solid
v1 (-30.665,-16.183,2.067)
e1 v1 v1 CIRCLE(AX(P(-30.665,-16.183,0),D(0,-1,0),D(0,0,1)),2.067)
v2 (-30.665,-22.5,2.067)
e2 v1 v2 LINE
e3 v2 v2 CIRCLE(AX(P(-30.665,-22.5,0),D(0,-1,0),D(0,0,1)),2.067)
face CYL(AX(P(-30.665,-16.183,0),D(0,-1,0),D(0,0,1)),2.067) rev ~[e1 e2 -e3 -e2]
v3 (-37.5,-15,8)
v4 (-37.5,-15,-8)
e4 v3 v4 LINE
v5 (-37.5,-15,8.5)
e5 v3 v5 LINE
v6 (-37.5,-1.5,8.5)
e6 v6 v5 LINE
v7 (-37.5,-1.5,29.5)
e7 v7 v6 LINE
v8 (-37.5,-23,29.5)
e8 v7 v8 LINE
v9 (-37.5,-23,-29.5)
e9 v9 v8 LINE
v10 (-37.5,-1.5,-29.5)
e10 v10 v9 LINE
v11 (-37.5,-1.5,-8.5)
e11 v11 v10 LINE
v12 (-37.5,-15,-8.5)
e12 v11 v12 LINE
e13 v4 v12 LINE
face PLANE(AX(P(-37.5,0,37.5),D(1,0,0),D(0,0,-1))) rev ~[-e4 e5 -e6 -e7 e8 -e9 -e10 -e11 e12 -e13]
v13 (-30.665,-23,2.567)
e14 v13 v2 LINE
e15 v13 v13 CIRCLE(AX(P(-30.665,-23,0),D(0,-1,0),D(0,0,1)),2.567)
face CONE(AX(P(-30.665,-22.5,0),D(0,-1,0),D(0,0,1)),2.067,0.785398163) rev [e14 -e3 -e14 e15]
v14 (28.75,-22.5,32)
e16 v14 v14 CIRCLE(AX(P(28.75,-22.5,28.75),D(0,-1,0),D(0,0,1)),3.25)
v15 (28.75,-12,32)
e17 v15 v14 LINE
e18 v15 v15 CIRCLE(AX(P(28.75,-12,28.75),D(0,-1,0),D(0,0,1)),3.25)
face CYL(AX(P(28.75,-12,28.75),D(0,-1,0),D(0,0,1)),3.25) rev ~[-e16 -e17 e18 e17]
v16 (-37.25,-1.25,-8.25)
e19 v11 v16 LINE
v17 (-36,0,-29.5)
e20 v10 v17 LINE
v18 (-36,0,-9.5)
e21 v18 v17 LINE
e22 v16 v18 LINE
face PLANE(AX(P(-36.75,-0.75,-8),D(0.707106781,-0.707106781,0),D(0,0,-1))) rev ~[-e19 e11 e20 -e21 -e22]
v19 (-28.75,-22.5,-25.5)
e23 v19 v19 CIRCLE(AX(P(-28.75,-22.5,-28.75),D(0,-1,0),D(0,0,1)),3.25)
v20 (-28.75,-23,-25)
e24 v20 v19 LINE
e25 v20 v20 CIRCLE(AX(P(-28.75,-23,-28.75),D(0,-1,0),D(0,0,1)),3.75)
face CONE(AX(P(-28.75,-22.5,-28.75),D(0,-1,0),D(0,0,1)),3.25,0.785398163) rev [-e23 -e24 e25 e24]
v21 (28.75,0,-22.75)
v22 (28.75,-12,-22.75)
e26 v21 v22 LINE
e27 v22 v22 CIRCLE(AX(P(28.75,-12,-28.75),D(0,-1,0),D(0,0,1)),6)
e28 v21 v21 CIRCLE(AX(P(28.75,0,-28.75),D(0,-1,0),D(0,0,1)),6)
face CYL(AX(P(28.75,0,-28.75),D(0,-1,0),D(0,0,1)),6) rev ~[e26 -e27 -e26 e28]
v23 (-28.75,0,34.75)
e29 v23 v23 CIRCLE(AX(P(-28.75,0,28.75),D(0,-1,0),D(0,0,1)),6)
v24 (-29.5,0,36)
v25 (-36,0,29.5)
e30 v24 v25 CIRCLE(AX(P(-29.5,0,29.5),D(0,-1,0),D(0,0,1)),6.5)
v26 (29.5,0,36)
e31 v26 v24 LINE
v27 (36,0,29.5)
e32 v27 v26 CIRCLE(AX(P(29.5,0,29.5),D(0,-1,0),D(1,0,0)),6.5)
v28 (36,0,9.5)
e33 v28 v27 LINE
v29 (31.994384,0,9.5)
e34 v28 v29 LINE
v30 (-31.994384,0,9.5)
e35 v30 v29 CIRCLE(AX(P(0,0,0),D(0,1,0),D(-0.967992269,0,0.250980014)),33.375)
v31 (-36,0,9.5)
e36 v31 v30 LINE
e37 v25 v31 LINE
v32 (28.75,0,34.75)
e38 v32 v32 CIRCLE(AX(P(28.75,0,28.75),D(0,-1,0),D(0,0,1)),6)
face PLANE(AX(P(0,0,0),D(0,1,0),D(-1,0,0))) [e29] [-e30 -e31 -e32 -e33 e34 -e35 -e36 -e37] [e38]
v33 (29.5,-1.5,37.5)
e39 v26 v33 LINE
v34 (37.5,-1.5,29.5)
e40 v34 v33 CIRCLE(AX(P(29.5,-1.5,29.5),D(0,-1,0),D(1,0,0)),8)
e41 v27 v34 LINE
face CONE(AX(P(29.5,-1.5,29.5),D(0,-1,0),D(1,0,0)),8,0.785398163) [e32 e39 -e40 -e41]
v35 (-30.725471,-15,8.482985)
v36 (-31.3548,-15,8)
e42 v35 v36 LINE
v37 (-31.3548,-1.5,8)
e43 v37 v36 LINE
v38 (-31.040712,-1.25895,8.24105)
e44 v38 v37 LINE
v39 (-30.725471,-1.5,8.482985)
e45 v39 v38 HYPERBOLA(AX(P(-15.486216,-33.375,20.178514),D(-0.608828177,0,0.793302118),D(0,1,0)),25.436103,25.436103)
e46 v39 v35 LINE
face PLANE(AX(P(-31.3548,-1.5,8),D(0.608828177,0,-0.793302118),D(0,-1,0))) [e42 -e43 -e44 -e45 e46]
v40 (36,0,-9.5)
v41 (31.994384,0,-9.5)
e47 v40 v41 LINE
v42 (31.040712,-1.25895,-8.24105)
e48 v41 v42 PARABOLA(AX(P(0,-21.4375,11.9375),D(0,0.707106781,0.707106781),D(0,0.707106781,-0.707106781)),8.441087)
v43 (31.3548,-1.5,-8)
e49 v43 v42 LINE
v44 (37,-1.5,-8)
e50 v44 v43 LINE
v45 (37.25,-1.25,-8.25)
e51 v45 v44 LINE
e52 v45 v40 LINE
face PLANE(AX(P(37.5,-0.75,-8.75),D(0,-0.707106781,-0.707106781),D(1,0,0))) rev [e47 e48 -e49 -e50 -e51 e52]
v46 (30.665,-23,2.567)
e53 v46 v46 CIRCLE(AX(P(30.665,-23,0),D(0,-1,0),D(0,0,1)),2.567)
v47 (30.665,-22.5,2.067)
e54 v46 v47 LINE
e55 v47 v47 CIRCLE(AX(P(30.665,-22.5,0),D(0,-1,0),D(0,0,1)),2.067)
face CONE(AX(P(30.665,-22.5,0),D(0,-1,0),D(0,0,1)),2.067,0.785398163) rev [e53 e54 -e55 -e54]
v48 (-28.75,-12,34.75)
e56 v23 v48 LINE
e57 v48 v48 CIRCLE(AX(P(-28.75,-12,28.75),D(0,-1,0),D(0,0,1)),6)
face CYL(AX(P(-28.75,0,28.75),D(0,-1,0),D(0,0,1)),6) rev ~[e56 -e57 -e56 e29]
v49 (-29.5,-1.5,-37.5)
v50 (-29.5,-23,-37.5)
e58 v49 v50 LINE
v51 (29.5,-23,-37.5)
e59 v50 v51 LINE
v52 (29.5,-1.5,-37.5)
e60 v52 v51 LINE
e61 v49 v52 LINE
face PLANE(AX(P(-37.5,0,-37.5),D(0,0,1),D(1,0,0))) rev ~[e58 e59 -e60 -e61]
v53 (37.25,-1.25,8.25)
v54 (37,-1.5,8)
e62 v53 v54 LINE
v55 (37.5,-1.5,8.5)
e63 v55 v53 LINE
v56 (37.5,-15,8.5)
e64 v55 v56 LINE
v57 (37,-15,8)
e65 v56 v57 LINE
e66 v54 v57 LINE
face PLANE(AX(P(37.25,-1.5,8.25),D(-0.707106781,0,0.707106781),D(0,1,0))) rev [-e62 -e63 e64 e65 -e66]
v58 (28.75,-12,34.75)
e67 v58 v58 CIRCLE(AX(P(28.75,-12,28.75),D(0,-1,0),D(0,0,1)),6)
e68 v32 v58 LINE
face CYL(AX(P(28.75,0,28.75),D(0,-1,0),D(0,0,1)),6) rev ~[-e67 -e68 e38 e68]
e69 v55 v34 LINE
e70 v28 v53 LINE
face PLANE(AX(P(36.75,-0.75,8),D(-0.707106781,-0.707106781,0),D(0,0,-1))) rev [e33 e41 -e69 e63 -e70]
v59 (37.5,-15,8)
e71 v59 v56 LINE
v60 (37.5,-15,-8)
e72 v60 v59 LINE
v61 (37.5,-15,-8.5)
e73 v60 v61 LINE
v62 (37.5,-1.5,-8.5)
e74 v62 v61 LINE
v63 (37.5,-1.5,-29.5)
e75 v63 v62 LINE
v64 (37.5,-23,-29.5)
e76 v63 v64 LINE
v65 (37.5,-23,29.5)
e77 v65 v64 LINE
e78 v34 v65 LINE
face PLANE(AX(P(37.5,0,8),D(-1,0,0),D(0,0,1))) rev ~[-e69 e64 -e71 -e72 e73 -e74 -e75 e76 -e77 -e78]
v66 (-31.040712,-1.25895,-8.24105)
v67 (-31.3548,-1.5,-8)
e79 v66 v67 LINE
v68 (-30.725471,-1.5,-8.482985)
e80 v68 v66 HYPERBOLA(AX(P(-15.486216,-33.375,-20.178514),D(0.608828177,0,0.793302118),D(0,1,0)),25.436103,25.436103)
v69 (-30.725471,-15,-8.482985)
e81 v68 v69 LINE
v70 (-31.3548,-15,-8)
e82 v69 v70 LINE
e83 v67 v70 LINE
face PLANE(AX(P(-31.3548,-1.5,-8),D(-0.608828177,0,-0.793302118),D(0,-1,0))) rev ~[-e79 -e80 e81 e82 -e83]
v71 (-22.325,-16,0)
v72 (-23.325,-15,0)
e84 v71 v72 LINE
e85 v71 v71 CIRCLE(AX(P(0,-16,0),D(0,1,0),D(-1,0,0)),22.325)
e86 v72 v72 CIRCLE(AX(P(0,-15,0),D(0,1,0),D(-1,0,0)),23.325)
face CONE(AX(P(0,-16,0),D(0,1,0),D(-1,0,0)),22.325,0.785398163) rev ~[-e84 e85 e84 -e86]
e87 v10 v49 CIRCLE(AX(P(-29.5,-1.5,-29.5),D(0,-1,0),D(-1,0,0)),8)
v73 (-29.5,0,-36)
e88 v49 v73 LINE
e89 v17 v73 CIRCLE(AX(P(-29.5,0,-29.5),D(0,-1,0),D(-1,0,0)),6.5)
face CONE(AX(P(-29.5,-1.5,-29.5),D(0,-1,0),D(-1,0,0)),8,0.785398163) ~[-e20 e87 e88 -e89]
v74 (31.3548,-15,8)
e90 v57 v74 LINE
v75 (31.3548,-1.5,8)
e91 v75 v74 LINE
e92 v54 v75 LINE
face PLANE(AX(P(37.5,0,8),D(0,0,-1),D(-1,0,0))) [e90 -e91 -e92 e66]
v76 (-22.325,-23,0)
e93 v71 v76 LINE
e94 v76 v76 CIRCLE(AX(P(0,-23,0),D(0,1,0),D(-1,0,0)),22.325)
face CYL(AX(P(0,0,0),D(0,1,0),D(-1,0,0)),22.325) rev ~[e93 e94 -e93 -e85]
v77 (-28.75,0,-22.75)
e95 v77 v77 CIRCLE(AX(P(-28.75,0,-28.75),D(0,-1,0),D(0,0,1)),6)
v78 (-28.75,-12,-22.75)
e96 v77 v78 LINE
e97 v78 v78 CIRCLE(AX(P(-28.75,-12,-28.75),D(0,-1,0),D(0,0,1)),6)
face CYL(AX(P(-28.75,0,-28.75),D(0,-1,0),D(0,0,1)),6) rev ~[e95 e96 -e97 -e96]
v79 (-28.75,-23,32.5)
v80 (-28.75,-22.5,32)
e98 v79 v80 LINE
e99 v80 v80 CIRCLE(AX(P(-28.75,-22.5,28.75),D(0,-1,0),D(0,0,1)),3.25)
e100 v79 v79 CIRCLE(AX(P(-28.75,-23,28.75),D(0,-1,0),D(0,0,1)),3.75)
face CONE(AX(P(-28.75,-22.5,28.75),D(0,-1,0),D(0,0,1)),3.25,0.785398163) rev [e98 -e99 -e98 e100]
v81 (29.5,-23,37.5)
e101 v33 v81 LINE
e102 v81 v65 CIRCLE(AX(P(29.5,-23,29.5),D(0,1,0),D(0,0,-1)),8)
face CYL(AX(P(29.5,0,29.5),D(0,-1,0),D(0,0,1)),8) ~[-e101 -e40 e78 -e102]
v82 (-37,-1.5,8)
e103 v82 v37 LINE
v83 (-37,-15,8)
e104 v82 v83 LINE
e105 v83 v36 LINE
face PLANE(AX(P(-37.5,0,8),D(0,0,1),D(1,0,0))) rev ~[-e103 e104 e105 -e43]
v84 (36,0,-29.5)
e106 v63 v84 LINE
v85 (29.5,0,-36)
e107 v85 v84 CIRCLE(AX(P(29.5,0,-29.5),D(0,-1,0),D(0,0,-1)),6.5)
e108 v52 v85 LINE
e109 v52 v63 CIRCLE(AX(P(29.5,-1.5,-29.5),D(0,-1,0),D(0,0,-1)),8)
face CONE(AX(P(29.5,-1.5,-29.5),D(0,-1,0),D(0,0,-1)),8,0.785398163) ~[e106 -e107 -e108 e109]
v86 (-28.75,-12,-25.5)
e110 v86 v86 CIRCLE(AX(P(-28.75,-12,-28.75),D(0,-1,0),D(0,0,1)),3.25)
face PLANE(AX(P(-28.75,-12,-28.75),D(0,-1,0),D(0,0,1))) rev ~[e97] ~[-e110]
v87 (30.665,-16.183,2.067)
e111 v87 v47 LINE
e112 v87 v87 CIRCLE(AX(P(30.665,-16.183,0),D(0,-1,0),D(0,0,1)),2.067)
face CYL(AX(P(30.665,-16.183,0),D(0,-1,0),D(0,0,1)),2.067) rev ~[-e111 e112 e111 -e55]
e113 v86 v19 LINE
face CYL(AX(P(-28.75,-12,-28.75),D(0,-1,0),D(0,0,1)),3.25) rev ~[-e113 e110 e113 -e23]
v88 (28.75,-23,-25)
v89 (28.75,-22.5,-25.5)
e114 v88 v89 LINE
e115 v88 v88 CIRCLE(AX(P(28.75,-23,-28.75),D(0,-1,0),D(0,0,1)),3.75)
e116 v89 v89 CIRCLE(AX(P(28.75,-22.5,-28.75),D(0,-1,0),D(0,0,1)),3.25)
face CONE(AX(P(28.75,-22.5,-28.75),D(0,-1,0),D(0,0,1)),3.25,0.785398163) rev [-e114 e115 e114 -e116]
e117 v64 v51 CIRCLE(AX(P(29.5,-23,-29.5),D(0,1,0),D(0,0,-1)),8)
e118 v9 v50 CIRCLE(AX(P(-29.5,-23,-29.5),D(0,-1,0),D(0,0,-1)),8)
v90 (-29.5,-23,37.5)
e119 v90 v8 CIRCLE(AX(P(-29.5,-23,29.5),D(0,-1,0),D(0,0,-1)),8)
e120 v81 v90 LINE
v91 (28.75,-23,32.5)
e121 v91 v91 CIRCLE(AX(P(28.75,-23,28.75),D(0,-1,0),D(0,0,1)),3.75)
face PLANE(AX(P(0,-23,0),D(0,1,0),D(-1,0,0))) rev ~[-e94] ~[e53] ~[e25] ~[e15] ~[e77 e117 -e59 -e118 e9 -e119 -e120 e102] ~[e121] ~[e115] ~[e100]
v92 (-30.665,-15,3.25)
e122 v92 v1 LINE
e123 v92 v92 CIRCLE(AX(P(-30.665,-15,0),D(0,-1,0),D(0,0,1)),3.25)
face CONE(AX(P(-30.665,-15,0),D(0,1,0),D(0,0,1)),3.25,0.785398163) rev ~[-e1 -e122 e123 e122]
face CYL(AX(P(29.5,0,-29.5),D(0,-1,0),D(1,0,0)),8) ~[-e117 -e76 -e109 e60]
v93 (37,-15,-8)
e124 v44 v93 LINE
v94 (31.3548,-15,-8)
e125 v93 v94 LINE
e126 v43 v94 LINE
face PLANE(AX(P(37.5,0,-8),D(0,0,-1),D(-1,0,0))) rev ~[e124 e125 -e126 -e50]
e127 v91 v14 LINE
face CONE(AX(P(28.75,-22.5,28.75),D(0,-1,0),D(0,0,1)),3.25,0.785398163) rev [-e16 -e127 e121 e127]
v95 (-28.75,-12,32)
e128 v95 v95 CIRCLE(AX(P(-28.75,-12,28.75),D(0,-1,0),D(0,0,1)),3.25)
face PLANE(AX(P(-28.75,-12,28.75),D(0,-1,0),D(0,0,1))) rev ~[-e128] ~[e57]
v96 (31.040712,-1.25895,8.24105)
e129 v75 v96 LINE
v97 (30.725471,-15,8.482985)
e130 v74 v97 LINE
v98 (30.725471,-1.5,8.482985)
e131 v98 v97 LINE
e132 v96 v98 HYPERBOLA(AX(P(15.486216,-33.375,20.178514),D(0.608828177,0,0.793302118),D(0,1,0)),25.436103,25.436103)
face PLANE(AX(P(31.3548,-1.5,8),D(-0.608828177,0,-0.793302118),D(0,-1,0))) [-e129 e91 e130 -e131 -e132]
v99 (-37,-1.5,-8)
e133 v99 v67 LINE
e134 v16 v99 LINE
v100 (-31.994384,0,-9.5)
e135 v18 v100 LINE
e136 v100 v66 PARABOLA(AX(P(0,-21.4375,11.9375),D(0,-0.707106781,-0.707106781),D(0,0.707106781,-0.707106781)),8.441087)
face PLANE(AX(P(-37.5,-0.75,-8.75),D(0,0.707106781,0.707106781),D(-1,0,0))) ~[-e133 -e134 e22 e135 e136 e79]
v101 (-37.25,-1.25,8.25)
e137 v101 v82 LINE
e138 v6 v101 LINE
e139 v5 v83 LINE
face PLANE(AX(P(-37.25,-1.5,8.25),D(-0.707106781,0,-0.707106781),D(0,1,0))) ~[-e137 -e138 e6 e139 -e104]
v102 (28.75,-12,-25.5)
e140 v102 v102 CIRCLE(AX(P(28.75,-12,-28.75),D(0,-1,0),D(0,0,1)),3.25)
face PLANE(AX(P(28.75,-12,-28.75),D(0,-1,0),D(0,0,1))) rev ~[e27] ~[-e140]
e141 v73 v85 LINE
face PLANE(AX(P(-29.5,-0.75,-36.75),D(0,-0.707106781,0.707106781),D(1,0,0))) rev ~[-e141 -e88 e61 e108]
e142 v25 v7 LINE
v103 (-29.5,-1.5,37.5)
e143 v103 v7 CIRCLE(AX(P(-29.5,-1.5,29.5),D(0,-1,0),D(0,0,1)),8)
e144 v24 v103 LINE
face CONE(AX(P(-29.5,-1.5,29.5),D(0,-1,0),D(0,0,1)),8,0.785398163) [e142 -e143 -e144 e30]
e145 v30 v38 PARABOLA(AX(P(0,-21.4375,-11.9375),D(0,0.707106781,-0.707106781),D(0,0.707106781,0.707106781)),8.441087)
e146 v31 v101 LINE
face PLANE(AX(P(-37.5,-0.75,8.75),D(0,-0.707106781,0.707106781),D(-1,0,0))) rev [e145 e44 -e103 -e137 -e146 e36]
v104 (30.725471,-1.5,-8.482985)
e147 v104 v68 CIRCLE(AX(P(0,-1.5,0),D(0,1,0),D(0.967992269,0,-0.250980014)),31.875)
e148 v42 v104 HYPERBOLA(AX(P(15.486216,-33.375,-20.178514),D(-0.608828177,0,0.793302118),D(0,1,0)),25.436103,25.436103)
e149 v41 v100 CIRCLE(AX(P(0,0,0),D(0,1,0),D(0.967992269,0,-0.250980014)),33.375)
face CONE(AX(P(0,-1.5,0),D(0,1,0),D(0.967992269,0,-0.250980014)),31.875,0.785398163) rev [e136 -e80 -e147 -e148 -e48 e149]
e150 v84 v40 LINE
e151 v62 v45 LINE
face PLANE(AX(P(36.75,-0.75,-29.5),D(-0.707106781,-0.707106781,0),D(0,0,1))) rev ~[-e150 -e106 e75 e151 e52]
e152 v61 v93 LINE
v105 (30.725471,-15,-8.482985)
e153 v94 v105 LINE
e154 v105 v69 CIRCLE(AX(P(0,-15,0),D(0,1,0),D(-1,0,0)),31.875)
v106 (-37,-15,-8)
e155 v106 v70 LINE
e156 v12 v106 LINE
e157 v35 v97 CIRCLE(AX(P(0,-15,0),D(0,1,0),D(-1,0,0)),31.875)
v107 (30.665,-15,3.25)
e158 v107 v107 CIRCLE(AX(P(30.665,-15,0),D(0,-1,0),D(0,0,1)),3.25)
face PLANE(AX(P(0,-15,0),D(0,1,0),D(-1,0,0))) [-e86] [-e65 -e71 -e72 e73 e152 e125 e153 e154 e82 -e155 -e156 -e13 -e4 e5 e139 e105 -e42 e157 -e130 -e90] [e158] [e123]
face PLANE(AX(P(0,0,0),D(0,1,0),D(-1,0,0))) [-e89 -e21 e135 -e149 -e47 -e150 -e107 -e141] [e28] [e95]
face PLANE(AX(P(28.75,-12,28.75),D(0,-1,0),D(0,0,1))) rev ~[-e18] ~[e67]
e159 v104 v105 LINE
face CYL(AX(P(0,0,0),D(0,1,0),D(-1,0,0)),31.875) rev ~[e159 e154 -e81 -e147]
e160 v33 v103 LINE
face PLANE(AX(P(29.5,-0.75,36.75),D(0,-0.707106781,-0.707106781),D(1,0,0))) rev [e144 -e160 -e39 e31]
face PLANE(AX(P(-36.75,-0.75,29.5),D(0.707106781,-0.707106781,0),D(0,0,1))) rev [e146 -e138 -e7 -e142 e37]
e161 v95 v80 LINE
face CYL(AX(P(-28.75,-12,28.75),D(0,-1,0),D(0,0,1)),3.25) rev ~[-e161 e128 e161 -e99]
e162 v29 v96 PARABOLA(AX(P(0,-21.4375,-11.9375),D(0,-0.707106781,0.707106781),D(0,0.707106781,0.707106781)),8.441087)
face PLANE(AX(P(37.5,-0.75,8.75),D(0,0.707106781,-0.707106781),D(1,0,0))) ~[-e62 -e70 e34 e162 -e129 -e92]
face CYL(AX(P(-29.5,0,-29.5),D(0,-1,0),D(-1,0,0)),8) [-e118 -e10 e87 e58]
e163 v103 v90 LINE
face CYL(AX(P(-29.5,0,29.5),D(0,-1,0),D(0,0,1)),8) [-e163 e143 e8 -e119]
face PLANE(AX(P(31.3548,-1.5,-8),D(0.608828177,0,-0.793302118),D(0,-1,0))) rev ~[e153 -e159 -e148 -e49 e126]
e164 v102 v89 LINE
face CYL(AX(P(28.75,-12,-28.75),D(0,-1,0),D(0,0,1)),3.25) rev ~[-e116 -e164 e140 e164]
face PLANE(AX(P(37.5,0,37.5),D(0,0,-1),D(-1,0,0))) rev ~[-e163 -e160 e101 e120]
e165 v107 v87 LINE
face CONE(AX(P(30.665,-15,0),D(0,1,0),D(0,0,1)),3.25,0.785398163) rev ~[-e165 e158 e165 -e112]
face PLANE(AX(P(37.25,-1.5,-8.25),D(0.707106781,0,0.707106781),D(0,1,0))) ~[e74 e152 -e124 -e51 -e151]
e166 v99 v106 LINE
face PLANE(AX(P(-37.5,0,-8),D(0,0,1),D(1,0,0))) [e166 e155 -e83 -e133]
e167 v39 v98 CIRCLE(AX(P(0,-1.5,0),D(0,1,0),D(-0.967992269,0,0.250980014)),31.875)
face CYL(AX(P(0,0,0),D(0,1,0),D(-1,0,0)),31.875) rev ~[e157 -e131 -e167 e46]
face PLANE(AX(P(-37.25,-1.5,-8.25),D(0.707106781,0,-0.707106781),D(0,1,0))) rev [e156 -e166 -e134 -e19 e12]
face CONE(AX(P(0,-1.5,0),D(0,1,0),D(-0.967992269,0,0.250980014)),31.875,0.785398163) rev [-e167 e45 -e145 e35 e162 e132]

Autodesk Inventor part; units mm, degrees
ref_plane "YZ Plane" through (0, 0, 0) normal (1, 0, 0) x (0, 1, 0)
ref_plane "XZ Plane" through (0, 0, 0) normal (0, 1, 0) x (-1, 0, 0)
ref_plane "XY Plane" through (0, 0, 0) normal (0, 0, 1) x (1, 0, 0)
sketch "Sketch1" plane through (0, 0, 0) normal (0, 1, 0) x (-1, 0, 0)
  line L0 (-37.5, 37.5) -> (37.5, 37.5)
  line L1 (37.5, 37.5) -> (37.5, -37.5)
  line L2 (37.5, -37.5) -> (-37.5, -37.5)
  line L3 (-37.5, -37.5) -> (-37.5, 37.5)
  line L4 (-37.5, 37.5) -> (37.5, -37.5) construction
  line L5 (37.5, 37.5) -> (-37.5, -37.5) construction
  line L6 (-28.75, 28.75) -> (28.75, 28.75) construction
  line L7 (28.75, 28.75) -> (28.75, -28.75) construction
  line L8 (28.75, -28.75) -> (-28.75, -28.75) construction
  line L9 (-28.75, -28.75) -> (-28.75, 28.75) construction
  line L10 (-28.75, 28.75) -> (28.75, -28.75) construction
  line L11 (28.75, 28.75) -> (-28.75, -28.75) construction
  circle A0 centre (0, 0) radius 22.325
  circle A1 centre (0, 0) radius 31.875
  line L12 (52.5, 0) -> (-52.5, 0) construction
  line L13 (0, -52.5) -> (0, 52.5) construction
  line L14 (-52.5, 0) -> (52.5, 0) construction
  line L15 (37.5, -8) -> (30.8548, -8)
  line L16 (37.5, 8) -> (30.8548, 8)
  line L17 (-37.5, -8) -> (-30.8548, -8)
  line L18 (-37.5, 8) -> (-30.8548, 8)
  point P0 (30.665, 0)
  point P1 (-30.665, 0)
  dimension "d2" = 63.75
  dimension "d0" = 75
  dimension "d1" = 44.65
  dimension "d3" = 57.5
  dimension "d4" = 61.33
  dimension "d7" = 16
extrude "Extrusion1" add sketch "Sketch1" against normal blind 23
extrude "Extrusion2" cut sketch "Sketch1" against normal blind 15 contours L18 A1 L17 L3 | L1 L15 A1 L16 | A1
hole "Hole1" at (-28.75, 0, -28.75) at (28.75, 0, -28.75) at (28.75, 0, 28.75) at (-28.75, 0, 28.75) direction (0, -1, 0) diameter 6.5 end through all counterbore diameter 12 counterbore depth 12
sketch "Sketch2" plane through (0, -15, 0) normal (0, 1, 0) x (1, 0, 0)
  point P0 (0, 0)
  point P1 (-30.665, 0)
  point P2 (30.665, 0)
hole "Hole2" at (-30.665, -15, 0) at (30.665, -15, 0) direction (0, -1, 0) diameter 4.134 end through all countersink diameter 6.5 countersink angle 90 thread size "M5x0.8" class "6H" standard "ISO Metric profile"
fillet "Fillet1" radius 8 4 edges at (-37.5, -11.5, 37.5) (-37.5, -11.5, -37.5) (37.5, -11.5, -37.5) (37.5, -11.5, 37.5)
chamfer "Chamfer1" distance 1.5 angle 45 16 edges at (-37.5, 0, -18.75) (-35.1569, 0, -35.1569) (0, 0, -37.5) (35.1569, 0, -35.1569) (37.5, 0, -18.75) (0, 0, -31.875) (-34.1774, 0, -8) (34.1774, 0, -8) (34.1774, 0, 8) (37.5, 0, 18.75) (35.1569, 0, 35.1569) (0, 0, 37.5) (-35.1569, 0, 35.1569) (-37.5, 0, 18.75) (0, 0, 31.875) (-34.1774, 0, 8)
chamfer "Chamfer2" distance 1 angle 45 1 edges at (22.325, -15, 0)
chamfer "Chamfer3" distance 0.5 angle 45 14 edges at (-37.5, -8.25, -8) (-30.8548, -8.25, -8) (-30.8548, -8.25, 8) (-37.5, -8.25, 8) (30.8548, -8.25, -8) (37.5, -8.25, -8) (37.5, -8.25, 8) (30.8548, -8.25, 8) (28.75, -23, -32) (-28.75, -23, -32) (28.75, -23, 25.5) (-28.75, -23, 25.5) (30.665, -23, -2.067) (-30.665, -23, -2.067)
properties part number "TH1-001"
